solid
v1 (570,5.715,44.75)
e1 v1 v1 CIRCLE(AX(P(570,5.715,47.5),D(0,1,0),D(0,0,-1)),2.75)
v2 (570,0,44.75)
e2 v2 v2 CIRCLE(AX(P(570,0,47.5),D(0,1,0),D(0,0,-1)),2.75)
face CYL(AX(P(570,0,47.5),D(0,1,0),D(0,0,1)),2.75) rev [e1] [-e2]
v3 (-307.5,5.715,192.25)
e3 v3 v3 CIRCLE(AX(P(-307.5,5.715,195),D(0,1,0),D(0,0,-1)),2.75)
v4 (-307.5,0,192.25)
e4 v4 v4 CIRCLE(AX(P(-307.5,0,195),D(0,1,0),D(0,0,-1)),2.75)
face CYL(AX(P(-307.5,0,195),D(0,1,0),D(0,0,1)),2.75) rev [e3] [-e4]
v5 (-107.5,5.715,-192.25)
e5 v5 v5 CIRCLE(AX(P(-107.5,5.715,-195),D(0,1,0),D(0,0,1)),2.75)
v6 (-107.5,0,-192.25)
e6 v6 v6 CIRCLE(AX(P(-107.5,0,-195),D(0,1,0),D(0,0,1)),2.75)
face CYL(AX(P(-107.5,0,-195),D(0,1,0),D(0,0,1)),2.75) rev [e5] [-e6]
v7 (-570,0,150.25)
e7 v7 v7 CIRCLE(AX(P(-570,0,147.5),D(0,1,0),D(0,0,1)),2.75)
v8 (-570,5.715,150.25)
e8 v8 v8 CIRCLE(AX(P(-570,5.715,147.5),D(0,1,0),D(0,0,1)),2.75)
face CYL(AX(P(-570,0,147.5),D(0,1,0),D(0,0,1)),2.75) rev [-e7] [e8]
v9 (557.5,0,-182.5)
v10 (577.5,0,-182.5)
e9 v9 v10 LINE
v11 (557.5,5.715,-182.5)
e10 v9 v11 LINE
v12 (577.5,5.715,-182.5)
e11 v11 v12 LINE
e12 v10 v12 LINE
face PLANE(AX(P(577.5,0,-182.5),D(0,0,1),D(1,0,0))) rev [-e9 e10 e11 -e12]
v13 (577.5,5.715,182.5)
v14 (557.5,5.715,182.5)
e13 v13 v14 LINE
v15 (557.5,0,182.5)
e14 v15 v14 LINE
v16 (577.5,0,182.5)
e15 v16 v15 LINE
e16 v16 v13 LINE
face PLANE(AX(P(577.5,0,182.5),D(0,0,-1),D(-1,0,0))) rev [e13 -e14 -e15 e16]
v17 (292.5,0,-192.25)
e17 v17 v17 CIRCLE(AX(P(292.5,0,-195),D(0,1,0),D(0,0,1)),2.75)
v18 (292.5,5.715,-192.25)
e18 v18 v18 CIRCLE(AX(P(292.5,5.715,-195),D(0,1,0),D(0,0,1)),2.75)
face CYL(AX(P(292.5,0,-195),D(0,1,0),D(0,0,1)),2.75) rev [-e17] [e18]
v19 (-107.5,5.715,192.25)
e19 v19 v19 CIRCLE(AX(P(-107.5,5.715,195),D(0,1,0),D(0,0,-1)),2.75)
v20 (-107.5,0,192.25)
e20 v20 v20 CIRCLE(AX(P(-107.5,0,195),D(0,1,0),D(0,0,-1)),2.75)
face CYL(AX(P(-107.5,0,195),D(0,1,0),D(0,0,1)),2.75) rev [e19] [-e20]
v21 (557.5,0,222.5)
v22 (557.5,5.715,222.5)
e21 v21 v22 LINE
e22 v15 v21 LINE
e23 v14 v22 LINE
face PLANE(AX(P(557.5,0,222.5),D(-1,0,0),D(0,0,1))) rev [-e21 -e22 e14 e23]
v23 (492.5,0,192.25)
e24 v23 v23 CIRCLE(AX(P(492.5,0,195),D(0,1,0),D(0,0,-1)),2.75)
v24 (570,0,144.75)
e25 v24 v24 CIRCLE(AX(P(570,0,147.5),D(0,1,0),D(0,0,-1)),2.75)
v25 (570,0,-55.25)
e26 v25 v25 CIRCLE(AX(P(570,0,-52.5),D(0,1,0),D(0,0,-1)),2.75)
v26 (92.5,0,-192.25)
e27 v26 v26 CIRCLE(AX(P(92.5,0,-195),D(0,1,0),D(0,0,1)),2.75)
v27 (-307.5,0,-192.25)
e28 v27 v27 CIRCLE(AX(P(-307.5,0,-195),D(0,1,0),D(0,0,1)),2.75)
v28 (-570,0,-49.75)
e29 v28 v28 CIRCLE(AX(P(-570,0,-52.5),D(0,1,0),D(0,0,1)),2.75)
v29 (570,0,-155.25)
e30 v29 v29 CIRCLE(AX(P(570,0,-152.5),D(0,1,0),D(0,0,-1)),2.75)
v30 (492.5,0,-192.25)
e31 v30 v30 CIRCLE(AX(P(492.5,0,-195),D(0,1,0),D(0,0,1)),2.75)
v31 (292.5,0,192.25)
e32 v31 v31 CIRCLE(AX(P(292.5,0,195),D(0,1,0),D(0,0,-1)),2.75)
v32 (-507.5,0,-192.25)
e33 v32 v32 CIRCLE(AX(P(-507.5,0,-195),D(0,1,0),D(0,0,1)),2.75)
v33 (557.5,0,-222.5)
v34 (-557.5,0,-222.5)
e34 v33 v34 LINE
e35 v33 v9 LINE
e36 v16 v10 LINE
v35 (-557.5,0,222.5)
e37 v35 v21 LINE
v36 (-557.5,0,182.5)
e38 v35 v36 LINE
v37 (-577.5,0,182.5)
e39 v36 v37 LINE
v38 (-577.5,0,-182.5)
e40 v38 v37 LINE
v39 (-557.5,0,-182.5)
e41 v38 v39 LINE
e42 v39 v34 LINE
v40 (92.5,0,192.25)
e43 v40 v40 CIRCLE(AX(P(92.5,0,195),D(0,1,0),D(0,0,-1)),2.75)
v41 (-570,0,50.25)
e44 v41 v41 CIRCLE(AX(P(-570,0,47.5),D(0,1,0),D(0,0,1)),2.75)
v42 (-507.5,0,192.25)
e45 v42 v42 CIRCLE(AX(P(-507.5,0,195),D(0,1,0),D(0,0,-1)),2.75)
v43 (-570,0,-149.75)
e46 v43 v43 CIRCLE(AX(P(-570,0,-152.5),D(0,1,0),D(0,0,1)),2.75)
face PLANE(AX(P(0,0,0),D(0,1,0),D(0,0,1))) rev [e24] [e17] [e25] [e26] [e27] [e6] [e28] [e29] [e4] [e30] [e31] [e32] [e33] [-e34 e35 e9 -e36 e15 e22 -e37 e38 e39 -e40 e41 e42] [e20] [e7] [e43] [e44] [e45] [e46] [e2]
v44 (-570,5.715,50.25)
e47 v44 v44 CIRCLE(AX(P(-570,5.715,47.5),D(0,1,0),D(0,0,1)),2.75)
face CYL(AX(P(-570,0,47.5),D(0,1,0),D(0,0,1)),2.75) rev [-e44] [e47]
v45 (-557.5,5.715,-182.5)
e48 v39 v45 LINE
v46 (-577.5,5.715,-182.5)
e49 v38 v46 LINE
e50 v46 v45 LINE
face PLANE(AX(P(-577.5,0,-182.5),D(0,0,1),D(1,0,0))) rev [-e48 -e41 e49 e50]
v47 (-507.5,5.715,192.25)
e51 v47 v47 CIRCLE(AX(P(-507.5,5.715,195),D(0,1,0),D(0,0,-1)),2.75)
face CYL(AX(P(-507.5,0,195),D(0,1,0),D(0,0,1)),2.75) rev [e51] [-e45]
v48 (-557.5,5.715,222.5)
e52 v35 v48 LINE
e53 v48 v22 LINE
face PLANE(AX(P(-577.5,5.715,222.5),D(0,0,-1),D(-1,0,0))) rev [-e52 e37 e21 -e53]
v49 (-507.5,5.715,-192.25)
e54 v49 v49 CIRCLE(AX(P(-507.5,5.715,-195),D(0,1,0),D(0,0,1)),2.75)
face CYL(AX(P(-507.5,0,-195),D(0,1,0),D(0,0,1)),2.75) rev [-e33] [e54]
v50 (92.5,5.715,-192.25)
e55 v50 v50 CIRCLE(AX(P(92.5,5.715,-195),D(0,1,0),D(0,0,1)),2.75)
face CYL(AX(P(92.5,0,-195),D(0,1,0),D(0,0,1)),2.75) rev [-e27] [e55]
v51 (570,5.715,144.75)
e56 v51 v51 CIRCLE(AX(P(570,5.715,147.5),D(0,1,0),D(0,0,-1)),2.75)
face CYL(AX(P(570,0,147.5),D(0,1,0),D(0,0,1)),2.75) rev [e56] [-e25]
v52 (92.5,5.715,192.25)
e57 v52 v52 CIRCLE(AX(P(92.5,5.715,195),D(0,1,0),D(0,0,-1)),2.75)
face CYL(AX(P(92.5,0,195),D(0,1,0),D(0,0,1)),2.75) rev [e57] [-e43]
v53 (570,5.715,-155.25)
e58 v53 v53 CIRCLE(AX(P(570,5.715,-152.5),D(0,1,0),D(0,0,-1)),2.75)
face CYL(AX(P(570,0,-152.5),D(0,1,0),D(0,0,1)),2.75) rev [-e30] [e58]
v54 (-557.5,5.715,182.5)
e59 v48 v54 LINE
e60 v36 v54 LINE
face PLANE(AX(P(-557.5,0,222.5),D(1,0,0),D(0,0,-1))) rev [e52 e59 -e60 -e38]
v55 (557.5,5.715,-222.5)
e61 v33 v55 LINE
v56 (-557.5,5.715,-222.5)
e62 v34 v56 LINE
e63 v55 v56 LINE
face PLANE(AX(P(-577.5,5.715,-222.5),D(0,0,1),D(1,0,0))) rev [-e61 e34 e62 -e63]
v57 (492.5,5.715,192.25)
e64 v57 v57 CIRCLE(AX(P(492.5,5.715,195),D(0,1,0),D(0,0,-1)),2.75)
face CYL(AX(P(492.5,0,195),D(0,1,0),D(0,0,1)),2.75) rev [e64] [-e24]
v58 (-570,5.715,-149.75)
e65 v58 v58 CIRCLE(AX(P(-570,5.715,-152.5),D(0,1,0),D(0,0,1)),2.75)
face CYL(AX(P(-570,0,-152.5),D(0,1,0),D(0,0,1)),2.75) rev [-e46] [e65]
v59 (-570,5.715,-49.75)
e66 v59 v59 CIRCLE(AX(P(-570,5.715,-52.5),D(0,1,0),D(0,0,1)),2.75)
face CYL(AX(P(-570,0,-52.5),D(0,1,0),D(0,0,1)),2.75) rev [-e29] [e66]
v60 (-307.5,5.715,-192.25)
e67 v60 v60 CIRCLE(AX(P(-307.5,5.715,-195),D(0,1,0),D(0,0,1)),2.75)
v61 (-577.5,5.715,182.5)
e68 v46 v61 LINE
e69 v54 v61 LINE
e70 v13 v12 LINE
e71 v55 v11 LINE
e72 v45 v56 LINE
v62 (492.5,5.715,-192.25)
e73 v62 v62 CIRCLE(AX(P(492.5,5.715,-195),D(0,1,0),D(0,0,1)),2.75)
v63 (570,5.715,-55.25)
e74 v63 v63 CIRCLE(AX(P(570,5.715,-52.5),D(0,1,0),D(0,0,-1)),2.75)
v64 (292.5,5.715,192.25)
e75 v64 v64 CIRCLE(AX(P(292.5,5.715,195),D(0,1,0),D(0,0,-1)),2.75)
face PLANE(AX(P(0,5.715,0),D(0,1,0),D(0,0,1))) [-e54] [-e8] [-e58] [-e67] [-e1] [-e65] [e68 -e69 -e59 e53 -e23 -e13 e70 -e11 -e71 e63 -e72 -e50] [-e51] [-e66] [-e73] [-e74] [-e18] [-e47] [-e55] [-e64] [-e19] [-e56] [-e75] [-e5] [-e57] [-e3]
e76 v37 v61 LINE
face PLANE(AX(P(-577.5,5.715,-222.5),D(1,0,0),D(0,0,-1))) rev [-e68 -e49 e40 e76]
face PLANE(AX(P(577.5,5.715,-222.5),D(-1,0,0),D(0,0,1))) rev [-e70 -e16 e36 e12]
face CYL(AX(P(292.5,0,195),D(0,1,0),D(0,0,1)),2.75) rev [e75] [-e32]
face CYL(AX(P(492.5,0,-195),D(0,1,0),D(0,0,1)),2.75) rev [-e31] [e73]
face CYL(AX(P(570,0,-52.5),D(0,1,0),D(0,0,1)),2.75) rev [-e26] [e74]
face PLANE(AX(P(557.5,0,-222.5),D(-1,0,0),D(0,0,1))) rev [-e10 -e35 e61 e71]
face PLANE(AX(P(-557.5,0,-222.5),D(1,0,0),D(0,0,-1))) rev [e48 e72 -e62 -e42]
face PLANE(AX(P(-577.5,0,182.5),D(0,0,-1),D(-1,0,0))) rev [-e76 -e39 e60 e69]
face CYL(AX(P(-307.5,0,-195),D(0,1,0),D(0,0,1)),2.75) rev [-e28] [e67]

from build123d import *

# Parameters (mm, degrees)
SKETCH1_W           = 1155
SKETCH1_H           = 445
BOSS_EXTRUDE1_DEPTH = 5.715
SKETCH2_W           = 20
SKETCH2_H           = 40
CUT_EXTRUDE1_DEPTH  = 6.715
SKETCH3_R           = 2.75
CUT_EXTRUDE2_DEPTH  = 6.715


with BuildPart() as part:
    # Sketch1 → Boss-Extrude1 (new body)
    with BuildSketch(Plane(origin=(0, 0, 0), x_dir=(1, 0, 0), z_dir=(0, 1, 0))):
        Rectangle(SKETCH1_W, SKETCH1_H)
    extrude(amount=BOSS_EXTRUDE1_DEPTH)

    # Sketch2 → Cut-Extrude1 (cut, through all)
    with BuildSketch(Plane(origin=(0, 5.715, 0), x_dir=(1, 0, 0), z_dir=(0, 1, 0))):
        with Locations((-567.5, 202.5)):
            Rectangle(SKETCH2_W, SKETCH2_H)
        with Locations((-567.5, -202.5)):
            Rectangle(SKETCH2_W, SKETCH2_H)
        with Locations((567.5, -202.5)):
            Rectangle(SKETCH2_W, SKETCH2_H)
        with Locations((567.5, 202.5)):
            Rectangle(SKETCH2_W, SKETCH2_H)
    extrude(amount=-CUT_EXTRUDE1_DEPTH, mode=Mode.SUBTRACT)

    # Sketch3 → Cut-Extrude2 (cut, through all)
    with BuildSketch(Plane(origin=(0, 5.715, 0), x_dir=(1, 0, 0), z_dir=(0, 1, 0))):
        with Locations((-507.5, 195)):
            Circle(SKETCH3_R)
        with Locations((-570, 152.5)):
            Circle(SKETCH3_R)
        with Locations((-307.5, 195)):
            Circle(SKETCH3_R)
        with Locations((-107.5, 195)):
            Circle(SKETCH3_R)
        with Locations((92.5, 195)):
            Circle(SKETCH3_R)
        with Locations((292.5, 195)):
            Circle(SKETCH3_R)
        with Locations((492.5, 195)):
            Circle(SKETCH3_R)
        with Locations((-570, 52.5)):
            Circle(SKETCH3_R)
        with Locations((-570, -47.5)):
            Circle(SKETCH3_R)
        with Locations((-570, -147.5)):
            Circle(SKETCH3_R)
        with Locations((492.5, -195)):
            Circle(SKETCH3_R)
        with Locations((292.5, -195)):
            Circle(SKETCH3_R)
        with Locations((92.5, -195)):
            Circle(SKETCH3_R)
        with Locations((-107.5, -195)):
            Circle(SKETCH3_R)
        with Locations((-307.5, -195)):
            Circle(SKETCH3_R)
        with Locations((-507.5, -195)):
            Circle(SKETCH3_R)
        with Locations((570, -147.5)):
            Circle(SKETCH3_R)
        with Locations((570, -47.5)):
            Circle(SKETCH3_R)
        with Locations((570, 52.5)):
            Circle(SKETCH3_R)
        with Locations((570, 152.5)):
            Circle(SKETCH3_R)
    extrude(amount=-CUT_EXTRUDE2_DEPTH, mode=Mode.SUBTRACT)


solid = part.part
